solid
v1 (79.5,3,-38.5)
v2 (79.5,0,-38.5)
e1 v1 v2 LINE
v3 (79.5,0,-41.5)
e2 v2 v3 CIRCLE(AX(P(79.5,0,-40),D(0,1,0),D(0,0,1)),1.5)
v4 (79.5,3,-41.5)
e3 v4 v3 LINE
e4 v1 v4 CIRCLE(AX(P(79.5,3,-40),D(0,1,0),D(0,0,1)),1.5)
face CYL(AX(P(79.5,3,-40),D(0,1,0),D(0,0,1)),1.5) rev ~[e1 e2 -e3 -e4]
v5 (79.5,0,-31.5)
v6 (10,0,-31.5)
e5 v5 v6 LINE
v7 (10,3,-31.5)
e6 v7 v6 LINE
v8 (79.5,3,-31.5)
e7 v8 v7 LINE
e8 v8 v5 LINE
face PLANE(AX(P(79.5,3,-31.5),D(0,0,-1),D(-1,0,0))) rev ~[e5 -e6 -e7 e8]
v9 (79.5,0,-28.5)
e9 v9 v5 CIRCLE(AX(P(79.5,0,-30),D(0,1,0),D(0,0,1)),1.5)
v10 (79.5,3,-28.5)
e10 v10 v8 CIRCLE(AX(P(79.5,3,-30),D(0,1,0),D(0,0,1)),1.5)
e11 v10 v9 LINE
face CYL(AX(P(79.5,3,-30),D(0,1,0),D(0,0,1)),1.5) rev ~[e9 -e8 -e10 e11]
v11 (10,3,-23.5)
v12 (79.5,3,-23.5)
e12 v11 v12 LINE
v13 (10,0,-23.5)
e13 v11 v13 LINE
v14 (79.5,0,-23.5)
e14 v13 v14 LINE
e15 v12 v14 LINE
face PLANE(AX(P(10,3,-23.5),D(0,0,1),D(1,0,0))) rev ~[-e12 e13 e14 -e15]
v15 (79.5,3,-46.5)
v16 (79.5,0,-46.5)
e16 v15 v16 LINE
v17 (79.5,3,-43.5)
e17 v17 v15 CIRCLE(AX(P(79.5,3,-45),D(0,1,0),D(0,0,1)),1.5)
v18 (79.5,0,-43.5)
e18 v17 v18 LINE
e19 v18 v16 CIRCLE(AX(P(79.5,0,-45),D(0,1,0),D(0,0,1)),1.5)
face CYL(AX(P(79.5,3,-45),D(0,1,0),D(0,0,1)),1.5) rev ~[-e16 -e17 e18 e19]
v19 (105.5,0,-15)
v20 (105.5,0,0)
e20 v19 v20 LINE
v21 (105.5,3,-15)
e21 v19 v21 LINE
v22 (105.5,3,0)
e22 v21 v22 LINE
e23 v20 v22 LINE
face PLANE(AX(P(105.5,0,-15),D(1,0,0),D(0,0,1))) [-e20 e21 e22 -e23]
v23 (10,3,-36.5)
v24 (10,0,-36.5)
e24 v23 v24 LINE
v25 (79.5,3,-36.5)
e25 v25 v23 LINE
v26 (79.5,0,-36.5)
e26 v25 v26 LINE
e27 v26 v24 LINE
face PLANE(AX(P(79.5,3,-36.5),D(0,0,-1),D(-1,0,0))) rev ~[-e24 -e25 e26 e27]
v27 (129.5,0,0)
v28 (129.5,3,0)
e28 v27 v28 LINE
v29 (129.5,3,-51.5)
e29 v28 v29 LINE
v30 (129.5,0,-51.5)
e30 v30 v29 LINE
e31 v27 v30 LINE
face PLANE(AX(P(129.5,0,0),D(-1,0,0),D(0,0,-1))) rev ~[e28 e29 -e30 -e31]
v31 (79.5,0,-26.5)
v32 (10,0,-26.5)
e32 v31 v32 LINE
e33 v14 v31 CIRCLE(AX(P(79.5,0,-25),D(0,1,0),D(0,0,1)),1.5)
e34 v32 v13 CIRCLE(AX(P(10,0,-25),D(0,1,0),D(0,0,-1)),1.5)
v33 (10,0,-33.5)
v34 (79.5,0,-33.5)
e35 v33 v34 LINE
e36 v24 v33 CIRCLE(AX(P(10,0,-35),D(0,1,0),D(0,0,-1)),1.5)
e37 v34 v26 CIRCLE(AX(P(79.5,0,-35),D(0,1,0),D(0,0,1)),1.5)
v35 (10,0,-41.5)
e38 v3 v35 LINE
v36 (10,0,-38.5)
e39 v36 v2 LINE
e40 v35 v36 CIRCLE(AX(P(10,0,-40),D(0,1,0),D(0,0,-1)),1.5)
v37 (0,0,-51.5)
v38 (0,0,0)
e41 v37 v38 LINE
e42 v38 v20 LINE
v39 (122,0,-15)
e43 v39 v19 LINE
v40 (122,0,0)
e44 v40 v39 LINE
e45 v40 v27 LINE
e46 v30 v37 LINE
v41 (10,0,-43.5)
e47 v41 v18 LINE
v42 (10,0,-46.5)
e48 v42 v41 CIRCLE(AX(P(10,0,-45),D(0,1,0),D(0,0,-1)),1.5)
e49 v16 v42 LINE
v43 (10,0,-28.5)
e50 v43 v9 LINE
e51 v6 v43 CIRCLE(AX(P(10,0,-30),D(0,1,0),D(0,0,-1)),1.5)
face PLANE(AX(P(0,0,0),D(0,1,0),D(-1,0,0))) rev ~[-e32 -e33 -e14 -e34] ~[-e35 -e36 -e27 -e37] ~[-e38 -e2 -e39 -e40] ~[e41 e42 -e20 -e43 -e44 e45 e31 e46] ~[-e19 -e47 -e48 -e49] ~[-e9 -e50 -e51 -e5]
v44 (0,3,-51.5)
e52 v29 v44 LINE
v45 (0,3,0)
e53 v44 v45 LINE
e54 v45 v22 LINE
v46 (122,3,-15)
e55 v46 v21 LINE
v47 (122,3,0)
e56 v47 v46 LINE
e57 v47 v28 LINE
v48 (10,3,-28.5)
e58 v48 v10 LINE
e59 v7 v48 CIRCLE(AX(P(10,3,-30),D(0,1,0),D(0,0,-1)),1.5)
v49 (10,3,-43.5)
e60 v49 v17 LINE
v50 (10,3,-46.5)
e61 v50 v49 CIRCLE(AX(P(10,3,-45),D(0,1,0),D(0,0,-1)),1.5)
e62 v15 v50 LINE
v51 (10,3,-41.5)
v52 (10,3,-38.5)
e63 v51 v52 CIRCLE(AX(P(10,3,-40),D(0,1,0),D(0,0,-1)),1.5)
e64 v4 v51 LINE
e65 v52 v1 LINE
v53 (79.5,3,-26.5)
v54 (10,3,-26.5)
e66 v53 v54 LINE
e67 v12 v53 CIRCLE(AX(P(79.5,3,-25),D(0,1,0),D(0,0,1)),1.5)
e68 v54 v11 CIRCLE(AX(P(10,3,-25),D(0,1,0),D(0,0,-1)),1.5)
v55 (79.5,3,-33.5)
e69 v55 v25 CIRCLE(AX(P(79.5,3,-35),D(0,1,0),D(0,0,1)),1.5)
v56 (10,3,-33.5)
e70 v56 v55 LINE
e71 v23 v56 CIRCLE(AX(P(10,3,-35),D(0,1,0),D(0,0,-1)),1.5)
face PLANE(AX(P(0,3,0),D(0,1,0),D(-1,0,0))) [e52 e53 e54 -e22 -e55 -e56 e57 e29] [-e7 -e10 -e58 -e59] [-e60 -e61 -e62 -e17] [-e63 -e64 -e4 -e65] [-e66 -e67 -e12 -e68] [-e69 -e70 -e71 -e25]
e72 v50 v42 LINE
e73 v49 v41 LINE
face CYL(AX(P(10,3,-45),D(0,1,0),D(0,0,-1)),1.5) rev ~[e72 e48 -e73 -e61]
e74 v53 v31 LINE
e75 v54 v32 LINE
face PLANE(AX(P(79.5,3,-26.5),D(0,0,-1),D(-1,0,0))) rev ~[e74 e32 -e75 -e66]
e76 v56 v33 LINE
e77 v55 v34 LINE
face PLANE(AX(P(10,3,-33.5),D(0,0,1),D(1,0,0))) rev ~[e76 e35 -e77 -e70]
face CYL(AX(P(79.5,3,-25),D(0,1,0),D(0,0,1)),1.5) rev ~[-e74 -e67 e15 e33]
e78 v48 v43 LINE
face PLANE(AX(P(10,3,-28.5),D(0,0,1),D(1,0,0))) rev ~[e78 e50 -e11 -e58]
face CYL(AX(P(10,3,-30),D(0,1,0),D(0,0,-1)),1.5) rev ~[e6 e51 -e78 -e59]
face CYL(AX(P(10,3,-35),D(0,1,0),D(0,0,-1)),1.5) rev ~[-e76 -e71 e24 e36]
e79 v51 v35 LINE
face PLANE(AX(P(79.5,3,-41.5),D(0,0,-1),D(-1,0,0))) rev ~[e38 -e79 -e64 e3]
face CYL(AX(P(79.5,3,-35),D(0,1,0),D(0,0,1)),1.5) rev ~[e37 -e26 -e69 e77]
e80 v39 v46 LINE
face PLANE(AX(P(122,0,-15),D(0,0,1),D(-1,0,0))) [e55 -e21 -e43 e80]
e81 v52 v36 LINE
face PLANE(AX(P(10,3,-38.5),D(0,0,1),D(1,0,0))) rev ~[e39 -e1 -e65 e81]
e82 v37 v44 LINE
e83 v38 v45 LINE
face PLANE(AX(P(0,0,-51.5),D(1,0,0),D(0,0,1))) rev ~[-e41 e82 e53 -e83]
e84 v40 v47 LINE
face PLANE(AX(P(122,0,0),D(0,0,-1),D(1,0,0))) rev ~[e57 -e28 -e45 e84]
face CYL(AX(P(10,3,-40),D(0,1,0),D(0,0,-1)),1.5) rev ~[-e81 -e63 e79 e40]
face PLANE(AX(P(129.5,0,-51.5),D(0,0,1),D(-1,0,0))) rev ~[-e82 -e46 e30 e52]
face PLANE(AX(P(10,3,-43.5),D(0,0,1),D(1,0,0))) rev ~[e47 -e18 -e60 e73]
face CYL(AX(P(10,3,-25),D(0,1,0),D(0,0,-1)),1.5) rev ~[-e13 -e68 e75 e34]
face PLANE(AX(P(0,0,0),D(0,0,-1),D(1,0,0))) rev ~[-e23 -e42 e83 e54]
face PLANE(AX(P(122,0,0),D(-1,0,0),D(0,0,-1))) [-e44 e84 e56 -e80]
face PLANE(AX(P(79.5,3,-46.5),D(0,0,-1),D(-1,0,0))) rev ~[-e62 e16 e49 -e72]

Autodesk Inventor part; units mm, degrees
ref_plane "YZ Plane" through (0, 0, 0) normal (1, 0, 0) x (0, 1, 0)
ref_plane "XZ Plane" through (0, 0, 0) normal (0, 1, 0) x (-1, 0, 0)
ref_plane "XY Plane" through (0, 0, 0) normal (0, 0, 1) x (1, 0, 0)
sketch "Skizze1" plane through (0, 0, 0) normal (0, 1, 0) x (-1, 0, 0)
  line L0 (0, 0) -> (-129.5, 0)
  line L1 (-129.5, 0) -> (-129.5, -51.5)
  line L2 (-129.5, -51.5) -> (0, -51.5)
  line L3 (0, -51.5) -> (0, 0)
  line L4 (-122, 0) -> (-122, -15)
  line L5 (-122, -15) -> (-105.5, -15)
  line L6 (-105.5, -15) -> (-105.5, 0)
  dimension "d0" = 129.5
  dimension "d1" = 51.5
  dimension "d4" = 16.5
  dimension "d5" = 7.5
  dimension "d6" = 15
extrude "Extrusion1" add sketch "Skizze1" along normal blind 3 contours L3 L2 L1 L0 L4 L5 L6
sketch "Skizze2" plane through (0, 3, 0) normal (0, 1, 0) x (1, 0, 0)
  line L0 (10, 45) -> (79.5, 45) construction
  line L1 (10, 43.5) -> (79.5, 43.5)
  line L2 (79.5, 46.5) -> (10, 46.5)
  arc A0 (10, 46.5) -> (10, 43.5) centre (10, 45) ccw
  arc A1 (79.5, 43.5) -> (79.5, 46.5) centre (79.5, 45) ccw
  line L3 (0, 0) -> (105.5, 0) projected
  line L4 (105.5, 0) -> (105.5, 15) projected
  line L5 (105.5, 15) -> (122, 15) projected
  line L6 (122, 15) -> (122, 0) projected
  line L7 (122, 0) -> (129.5, 0) projected
  line L8 (129.5, 0) -> (129.5, 51.5) projected
  line L9 (129.5, 51.5) -> (0, 51.5) projected
  line L10 (0, 51.5) -> (0, 0) projected
  point P0 (44.75, 45)
  dimension "d7" = 5
  dimension "d8" = 10
  dimension "d9" = 50
  dimension "d10" = 1.5
extrude "Extrusion2" cut sketch "Skizze2" against normal through all contours A0 L2 A1 L1
pattern_linear "Rechteckige Anordnung1" count 5 spacing 5 along (0, 0, 1) of "Extrusion2"
properties part number "wood_front"
